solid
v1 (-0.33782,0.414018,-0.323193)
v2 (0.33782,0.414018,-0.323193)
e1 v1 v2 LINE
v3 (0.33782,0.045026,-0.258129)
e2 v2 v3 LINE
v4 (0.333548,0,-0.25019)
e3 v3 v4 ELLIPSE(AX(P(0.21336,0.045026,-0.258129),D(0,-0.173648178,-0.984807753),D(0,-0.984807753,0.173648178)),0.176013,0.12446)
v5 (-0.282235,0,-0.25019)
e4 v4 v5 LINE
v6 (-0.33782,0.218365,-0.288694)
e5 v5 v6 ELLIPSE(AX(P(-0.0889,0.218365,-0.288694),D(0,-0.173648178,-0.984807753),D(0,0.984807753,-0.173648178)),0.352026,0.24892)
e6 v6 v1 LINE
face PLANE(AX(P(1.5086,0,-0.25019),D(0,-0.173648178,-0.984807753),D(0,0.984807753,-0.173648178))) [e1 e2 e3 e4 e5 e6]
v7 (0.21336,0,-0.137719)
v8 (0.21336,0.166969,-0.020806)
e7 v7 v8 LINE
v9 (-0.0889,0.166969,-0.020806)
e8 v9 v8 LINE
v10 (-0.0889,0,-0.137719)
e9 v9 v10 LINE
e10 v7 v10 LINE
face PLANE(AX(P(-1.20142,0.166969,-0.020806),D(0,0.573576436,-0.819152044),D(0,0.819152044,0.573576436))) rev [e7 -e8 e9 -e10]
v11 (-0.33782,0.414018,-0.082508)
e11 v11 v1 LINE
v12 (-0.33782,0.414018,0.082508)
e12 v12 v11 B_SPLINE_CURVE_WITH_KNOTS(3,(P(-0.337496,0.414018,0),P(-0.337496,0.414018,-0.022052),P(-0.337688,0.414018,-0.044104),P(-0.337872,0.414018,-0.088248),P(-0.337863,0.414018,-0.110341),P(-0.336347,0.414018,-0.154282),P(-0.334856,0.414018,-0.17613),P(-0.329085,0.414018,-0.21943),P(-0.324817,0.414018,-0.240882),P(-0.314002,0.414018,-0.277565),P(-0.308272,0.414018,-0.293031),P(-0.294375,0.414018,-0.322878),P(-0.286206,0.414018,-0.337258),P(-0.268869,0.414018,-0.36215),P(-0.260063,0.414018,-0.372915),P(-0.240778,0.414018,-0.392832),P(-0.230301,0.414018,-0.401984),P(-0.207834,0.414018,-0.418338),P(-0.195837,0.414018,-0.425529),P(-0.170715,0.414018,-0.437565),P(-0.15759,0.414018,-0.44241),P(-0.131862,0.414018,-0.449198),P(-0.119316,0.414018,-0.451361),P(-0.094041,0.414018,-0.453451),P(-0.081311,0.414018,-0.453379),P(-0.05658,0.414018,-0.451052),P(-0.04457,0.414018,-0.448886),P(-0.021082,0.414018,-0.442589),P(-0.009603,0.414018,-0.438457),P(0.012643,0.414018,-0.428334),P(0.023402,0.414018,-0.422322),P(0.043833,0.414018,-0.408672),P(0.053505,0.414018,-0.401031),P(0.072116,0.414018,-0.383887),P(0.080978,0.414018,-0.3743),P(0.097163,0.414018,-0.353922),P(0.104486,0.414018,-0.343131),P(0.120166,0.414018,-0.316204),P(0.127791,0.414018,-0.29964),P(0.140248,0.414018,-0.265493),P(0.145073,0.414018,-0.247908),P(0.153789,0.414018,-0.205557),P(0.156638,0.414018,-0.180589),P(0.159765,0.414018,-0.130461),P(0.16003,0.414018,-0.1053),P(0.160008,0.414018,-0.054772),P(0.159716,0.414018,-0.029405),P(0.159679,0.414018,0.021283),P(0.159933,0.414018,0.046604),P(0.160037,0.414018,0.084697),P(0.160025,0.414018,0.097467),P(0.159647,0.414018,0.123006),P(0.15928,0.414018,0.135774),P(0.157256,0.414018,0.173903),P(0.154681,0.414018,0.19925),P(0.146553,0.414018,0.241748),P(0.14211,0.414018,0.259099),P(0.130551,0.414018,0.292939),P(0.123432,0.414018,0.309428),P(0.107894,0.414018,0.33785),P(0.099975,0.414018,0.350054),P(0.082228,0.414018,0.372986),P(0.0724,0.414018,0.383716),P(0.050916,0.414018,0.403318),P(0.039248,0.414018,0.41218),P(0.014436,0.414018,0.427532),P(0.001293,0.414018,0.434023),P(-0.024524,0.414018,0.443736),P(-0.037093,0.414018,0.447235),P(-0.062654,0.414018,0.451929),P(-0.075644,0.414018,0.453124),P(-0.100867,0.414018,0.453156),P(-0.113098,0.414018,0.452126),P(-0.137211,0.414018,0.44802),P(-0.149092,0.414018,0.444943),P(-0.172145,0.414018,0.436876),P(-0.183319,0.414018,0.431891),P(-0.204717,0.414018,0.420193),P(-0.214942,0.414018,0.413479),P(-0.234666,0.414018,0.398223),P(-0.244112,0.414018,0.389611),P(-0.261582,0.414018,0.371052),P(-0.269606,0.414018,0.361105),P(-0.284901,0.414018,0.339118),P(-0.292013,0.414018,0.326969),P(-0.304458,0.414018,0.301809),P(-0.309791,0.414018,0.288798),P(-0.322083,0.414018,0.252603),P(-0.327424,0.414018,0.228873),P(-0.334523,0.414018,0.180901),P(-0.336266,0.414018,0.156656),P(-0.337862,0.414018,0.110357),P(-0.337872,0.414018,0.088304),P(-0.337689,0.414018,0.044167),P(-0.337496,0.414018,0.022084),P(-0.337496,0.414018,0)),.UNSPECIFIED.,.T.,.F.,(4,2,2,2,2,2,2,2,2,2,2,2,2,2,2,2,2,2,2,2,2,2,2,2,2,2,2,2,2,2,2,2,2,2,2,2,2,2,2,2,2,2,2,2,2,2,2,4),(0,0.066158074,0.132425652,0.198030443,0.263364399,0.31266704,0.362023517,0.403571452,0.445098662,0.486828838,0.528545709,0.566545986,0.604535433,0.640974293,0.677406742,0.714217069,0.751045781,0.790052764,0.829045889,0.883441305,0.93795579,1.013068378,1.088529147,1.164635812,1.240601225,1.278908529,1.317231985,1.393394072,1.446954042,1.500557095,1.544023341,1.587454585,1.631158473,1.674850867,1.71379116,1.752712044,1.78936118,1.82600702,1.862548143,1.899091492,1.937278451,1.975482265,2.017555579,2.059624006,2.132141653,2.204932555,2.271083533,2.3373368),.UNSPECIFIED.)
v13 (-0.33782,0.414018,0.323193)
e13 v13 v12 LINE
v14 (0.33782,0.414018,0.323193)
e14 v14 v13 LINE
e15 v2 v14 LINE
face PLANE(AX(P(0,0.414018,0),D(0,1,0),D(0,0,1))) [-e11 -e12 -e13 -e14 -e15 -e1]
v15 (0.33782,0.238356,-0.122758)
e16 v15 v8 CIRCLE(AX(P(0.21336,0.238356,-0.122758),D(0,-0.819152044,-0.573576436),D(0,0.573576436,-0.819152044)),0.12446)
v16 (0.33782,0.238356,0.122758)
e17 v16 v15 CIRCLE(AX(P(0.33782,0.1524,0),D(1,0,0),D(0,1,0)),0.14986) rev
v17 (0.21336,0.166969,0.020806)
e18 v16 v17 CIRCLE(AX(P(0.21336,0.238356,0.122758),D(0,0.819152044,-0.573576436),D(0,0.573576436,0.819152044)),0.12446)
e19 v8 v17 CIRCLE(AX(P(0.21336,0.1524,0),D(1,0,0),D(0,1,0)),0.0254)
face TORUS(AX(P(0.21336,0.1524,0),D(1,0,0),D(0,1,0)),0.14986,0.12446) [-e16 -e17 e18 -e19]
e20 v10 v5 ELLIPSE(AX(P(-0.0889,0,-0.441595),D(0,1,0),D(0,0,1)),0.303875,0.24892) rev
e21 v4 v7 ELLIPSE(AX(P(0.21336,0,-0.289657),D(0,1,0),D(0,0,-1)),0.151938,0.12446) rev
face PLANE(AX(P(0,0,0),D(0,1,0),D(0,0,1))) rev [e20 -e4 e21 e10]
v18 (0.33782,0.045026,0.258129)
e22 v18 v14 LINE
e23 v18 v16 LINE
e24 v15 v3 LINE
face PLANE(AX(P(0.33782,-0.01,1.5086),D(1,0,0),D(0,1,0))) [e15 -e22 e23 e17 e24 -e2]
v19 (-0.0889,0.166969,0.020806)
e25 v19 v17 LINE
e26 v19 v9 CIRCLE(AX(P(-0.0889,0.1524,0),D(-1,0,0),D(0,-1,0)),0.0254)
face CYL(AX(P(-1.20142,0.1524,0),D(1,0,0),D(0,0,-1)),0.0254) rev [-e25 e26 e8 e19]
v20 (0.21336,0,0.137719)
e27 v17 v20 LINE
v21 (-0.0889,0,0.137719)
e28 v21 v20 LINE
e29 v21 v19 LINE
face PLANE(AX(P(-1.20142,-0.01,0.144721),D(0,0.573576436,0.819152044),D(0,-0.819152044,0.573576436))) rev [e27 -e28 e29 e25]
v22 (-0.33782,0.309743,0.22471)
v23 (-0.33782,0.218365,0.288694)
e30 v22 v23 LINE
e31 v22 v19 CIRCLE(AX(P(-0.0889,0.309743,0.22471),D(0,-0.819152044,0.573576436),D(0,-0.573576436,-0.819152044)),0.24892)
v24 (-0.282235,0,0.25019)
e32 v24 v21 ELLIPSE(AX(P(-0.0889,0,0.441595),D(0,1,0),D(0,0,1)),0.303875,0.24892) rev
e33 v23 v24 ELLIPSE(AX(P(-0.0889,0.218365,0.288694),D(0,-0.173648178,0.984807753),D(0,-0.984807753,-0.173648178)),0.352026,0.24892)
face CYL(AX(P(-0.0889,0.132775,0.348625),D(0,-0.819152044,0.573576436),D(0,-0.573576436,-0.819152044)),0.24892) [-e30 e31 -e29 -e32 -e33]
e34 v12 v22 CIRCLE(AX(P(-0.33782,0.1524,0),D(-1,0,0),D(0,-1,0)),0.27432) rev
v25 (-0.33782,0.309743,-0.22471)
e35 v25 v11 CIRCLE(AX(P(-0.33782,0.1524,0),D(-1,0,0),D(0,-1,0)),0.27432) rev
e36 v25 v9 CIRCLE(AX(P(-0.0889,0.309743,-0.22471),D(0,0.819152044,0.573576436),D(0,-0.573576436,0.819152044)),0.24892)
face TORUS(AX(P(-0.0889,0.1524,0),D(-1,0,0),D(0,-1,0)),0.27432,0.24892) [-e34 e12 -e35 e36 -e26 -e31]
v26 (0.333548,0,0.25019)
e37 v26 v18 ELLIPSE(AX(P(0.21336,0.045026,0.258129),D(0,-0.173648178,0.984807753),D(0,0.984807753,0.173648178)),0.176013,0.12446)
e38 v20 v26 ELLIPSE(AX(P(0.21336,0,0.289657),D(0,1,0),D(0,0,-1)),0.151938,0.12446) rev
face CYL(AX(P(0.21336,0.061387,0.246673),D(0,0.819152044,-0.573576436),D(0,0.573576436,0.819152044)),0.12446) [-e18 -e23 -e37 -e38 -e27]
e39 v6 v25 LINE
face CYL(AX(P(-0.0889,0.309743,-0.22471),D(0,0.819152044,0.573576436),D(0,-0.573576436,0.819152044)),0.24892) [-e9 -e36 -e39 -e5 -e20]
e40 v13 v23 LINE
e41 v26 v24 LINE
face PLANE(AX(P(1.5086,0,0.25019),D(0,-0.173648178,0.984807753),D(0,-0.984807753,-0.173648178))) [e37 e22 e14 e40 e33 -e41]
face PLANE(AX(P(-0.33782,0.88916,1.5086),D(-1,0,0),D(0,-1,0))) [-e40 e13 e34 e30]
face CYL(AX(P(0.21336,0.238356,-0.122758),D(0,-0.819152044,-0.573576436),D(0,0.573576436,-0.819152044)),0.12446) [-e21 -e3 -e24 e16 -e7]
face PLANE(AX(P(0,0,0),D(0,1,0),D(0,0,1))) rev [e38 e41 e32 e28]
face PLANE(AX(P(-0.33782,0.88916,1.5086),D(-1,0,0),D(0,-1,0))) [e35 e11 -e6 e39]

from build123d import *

# Parameters (mm, degrees)
SKETCH_TL_CUTTING_R    = 1.4986
TL_CUTTING_DEPTH       = 29.999999944
SKETCH_TDF_CUTTING_W   = 3.01719996
SKETCH_TDF_CUTTING_H   = 3.01719996
TDF_CUTTING_DEPTH      = 31.074766841
VW_VR_GRINDING_DEPTH   = 1.50859998
VW_VR_GRINDING_2_DEPTH = 1.50859998
ISA_GRINDING_DEPTH     = 1.50859998
SKETCH_PRE_FRX_BRX_W   = 1.15078002
SKETCH_PRE_FRX_BRX_H   = 0.89916
SKETCH_PRE_FRX_BRX_W_2 = 1.18077996
PRE_FRX_BRX_DEPTH      = 1.50859998
FA_BA_GRINDING_DEPTH   = 1.50859998
BR_EDM_R               = 0.24892
FR_EDM_R               = 0.12446


with BuildPart() as part:
    # sketch_TL_cutting → TL_cutting (new body)
    with BuildSketch(Plane(origin=(0, 0, 0), x_dir=(1, 0, 0), z_dir=(0, 1, 0))):
        with Locations(Location((0, 0, 0), (0, 0, 270))):
            Circle(SKETCH_TL_CUTTING_R)
    extrude(amount=TL_CUTTING_DEPTH)

    # sketch_TDF_cutting → TDF_cutting (cut, through all)
    with BuildSketch(Plane(origin=(0, 0, 0), x_dir=(1, 0, 0), z_dir=(0, 1, 0))):
        with Locations((-2.71001998, 0)):
            Rectangle(SKETCH_TDF_CUTTING_W, SKETCH_TDF_CUTTING_H)
    extrude(amount=TDF_CUTTING_DEPTH, mode=Mode.SUBTRACT)


with BuildPart() as body_2:
    # sketch_VW_VR_grinding → VW_VR_grinding (new, symmetric)
    with BuildSketch(Plane(origin=(0, 0, 0), x_dir=(0, 0, -1), z_dir=(1, 0, 0))):
        with BuildLine():
            Line((-1.49360001, -0.00999998), (-1.49360001, 0.888048914))
            ThreePointArc((-1.49360001, 0.888048914), (-1.493648337, 0.889155792), (-1.493792952, 0.890254246))
            Line((-1.493792952, 0.890254246), (-1.51859996, 1.030941782))
            Line((-1.51859996, 1.030941782), (-1.50859998, -0.00999998))
            Line((-1.50859998, -0.00999998), (-1.49360001, -0.00999998))
        make_face()
    extrude(amount=VW_VR_GRINDING_DEPTH, both=True)


with BuildPart() as body_3:
    # sketch_VW_VR_grinding → VW_VR_grinding 2 (new, symmetric)
    with BuildSketch(Plane(origin=(0, 0, 0), x_dir=(0, 0, -1), z_dir=(1, 0, 0))):
        with BuildLine():
            Line((1.49360001, -0.00999998), (1.49360001, 0.888048914))
            ThreePointArc((1.49360001, 0.888048914), (1.493648337, 0.889155792), (1.493792952, 0.890254246))
            Line((1.493792952, 0.890254246), (1.51859996, 1.030941782))
            Line((1.51859996, 1.030941782), (1.50859998, -0.00999998))
            Line((1.50859998, -0.00999998), (1.49360001, -0.00999998))
        make_face()
    extrude(amount=VW_VR_GRINDING_2_DEPTH, both=True)


    add(body_2.part)  # ISA_grinding merges body 2
    # sketch_ISA_grinding → ISA_grinding (add, symmetric)
    with BuildSketch(Plane(origin=(0, 0, 0), x_dir=(0, 0, -1), z_dir=(1, 0, 0))):
        Polygon((-0.25019, 0), (0.25019, 0), (1.50859998, 7.136797641), (1.50859998, -0.02999994), (-1.50859998, -0.02999994), (-1.50859998, 7.136797641), align=None)
    extrude(amount=ISA_GRINDING_DEPTH, both=True)

    # sketch_pre_FRX_BRX → pre_FRX_BRX (add, symmetric)
    with BuildSketch(Plane.XY):
        with Locations((0.92320999, 0.43958002)):
            Rectangle(SKETCH_PRE_FRX_BRX_W, SKETCH_PRE_FRX_BRX_H)
        with Locations((-0.92820998, 0.43958002)):
            Rectangle(SKETCH_PRE_FRX_BRX_W_2, SKETCH_PRE_FRX_BRX_H)
    extrude(amount=PRE_FRX_BRX_DEPTH, both=True)

    # sketch_FA_BA_grinding → FA_BA_grinding (add, symmetric)
    with BuildSketch(Plane.XY):
        Polygon((0.33782, -0.00999998), (0.33782, 0.89916), (1.6256, 10.062190821), (1.6256, -0.00999998), align=None)
        Polygon((-0.33782, -0.00999998), (-0.33782, 0.89916), (-1.32842, 7.947645247), (-1.32842, -0.00999998), align=None)
    extrude(amount=FA_BA_GRINDING_DEPTH, both=True)


with BuildPart() as part_1:
    add(part.part)

    # B1_fix: cut body 3
    add(body_3.part, mode=Mode.SUBTRACT)

    # V-Groove_EDM: sweep along a path in sketch_contour_V-Groove
    with BuildLine(Plane.XY) as v_groove_edm_path:
        Line((-1.20142, 0.1778), (1.4986, 0.1778))
    # sketch_section_V-Groove → V-Groove_EDM (sweep, cut)
    with BuildSketch(Plane(origin=(-1.20142, 0, -1.2954), x_dir=(0, 0, -1), z_dir=(1, 0, 0))):
        with BuildLine():
            Line((-1.274593538, 0.166968841), (-1.150678635, -0.00999998))
            Line((-1.150678635, -0.00999998), (-1.440121365, -0.00999998))
            Line((-1.440121365, -0.00999998), (-1.316206462, 0.166968841))
            ThreePointArc((-1.316206462, 0.166968841), (-1.2954, 0.1778), (-1.274593538, 0.166968841))
        make_face()
    sweep(path=v_groove_edm_path.line, mode=Mode.SUBTRACT)

    # BR_EDM
    br_edm_edges = [part_1.edges().sort_by_distance(p)[0] for p in [
        (-0.33782, 0.1778, 0),
        (-0.33782, 0.083484421, -0.079262883),
        (-0.33782, 0.083484421, 0.079262883),
    ]]
    fillet(br_edm_edges, radius=BR_EDM_R)

    # FR_EDM
    fr_edm_edges = [part_1.edges().sort_by_distance(p)[0] for p in [
        (0.33782, 0.083484421, -0.079262883),
        (0.33782, 0.083484421, 0.079262883),
        (0.33782, 0.1778, 0),
    ]]
    fillet(fr_edm_edges, radius=FR_EDM_R)

    # SurfaceCut1
    split(bisect_by=Plane(origin=(0, 0.41401793, 0), x_dir=(1, 0, 0), z_dir=(0, 1, 0)), keep=Keep.BOTTOM)


solid = part_1.part
